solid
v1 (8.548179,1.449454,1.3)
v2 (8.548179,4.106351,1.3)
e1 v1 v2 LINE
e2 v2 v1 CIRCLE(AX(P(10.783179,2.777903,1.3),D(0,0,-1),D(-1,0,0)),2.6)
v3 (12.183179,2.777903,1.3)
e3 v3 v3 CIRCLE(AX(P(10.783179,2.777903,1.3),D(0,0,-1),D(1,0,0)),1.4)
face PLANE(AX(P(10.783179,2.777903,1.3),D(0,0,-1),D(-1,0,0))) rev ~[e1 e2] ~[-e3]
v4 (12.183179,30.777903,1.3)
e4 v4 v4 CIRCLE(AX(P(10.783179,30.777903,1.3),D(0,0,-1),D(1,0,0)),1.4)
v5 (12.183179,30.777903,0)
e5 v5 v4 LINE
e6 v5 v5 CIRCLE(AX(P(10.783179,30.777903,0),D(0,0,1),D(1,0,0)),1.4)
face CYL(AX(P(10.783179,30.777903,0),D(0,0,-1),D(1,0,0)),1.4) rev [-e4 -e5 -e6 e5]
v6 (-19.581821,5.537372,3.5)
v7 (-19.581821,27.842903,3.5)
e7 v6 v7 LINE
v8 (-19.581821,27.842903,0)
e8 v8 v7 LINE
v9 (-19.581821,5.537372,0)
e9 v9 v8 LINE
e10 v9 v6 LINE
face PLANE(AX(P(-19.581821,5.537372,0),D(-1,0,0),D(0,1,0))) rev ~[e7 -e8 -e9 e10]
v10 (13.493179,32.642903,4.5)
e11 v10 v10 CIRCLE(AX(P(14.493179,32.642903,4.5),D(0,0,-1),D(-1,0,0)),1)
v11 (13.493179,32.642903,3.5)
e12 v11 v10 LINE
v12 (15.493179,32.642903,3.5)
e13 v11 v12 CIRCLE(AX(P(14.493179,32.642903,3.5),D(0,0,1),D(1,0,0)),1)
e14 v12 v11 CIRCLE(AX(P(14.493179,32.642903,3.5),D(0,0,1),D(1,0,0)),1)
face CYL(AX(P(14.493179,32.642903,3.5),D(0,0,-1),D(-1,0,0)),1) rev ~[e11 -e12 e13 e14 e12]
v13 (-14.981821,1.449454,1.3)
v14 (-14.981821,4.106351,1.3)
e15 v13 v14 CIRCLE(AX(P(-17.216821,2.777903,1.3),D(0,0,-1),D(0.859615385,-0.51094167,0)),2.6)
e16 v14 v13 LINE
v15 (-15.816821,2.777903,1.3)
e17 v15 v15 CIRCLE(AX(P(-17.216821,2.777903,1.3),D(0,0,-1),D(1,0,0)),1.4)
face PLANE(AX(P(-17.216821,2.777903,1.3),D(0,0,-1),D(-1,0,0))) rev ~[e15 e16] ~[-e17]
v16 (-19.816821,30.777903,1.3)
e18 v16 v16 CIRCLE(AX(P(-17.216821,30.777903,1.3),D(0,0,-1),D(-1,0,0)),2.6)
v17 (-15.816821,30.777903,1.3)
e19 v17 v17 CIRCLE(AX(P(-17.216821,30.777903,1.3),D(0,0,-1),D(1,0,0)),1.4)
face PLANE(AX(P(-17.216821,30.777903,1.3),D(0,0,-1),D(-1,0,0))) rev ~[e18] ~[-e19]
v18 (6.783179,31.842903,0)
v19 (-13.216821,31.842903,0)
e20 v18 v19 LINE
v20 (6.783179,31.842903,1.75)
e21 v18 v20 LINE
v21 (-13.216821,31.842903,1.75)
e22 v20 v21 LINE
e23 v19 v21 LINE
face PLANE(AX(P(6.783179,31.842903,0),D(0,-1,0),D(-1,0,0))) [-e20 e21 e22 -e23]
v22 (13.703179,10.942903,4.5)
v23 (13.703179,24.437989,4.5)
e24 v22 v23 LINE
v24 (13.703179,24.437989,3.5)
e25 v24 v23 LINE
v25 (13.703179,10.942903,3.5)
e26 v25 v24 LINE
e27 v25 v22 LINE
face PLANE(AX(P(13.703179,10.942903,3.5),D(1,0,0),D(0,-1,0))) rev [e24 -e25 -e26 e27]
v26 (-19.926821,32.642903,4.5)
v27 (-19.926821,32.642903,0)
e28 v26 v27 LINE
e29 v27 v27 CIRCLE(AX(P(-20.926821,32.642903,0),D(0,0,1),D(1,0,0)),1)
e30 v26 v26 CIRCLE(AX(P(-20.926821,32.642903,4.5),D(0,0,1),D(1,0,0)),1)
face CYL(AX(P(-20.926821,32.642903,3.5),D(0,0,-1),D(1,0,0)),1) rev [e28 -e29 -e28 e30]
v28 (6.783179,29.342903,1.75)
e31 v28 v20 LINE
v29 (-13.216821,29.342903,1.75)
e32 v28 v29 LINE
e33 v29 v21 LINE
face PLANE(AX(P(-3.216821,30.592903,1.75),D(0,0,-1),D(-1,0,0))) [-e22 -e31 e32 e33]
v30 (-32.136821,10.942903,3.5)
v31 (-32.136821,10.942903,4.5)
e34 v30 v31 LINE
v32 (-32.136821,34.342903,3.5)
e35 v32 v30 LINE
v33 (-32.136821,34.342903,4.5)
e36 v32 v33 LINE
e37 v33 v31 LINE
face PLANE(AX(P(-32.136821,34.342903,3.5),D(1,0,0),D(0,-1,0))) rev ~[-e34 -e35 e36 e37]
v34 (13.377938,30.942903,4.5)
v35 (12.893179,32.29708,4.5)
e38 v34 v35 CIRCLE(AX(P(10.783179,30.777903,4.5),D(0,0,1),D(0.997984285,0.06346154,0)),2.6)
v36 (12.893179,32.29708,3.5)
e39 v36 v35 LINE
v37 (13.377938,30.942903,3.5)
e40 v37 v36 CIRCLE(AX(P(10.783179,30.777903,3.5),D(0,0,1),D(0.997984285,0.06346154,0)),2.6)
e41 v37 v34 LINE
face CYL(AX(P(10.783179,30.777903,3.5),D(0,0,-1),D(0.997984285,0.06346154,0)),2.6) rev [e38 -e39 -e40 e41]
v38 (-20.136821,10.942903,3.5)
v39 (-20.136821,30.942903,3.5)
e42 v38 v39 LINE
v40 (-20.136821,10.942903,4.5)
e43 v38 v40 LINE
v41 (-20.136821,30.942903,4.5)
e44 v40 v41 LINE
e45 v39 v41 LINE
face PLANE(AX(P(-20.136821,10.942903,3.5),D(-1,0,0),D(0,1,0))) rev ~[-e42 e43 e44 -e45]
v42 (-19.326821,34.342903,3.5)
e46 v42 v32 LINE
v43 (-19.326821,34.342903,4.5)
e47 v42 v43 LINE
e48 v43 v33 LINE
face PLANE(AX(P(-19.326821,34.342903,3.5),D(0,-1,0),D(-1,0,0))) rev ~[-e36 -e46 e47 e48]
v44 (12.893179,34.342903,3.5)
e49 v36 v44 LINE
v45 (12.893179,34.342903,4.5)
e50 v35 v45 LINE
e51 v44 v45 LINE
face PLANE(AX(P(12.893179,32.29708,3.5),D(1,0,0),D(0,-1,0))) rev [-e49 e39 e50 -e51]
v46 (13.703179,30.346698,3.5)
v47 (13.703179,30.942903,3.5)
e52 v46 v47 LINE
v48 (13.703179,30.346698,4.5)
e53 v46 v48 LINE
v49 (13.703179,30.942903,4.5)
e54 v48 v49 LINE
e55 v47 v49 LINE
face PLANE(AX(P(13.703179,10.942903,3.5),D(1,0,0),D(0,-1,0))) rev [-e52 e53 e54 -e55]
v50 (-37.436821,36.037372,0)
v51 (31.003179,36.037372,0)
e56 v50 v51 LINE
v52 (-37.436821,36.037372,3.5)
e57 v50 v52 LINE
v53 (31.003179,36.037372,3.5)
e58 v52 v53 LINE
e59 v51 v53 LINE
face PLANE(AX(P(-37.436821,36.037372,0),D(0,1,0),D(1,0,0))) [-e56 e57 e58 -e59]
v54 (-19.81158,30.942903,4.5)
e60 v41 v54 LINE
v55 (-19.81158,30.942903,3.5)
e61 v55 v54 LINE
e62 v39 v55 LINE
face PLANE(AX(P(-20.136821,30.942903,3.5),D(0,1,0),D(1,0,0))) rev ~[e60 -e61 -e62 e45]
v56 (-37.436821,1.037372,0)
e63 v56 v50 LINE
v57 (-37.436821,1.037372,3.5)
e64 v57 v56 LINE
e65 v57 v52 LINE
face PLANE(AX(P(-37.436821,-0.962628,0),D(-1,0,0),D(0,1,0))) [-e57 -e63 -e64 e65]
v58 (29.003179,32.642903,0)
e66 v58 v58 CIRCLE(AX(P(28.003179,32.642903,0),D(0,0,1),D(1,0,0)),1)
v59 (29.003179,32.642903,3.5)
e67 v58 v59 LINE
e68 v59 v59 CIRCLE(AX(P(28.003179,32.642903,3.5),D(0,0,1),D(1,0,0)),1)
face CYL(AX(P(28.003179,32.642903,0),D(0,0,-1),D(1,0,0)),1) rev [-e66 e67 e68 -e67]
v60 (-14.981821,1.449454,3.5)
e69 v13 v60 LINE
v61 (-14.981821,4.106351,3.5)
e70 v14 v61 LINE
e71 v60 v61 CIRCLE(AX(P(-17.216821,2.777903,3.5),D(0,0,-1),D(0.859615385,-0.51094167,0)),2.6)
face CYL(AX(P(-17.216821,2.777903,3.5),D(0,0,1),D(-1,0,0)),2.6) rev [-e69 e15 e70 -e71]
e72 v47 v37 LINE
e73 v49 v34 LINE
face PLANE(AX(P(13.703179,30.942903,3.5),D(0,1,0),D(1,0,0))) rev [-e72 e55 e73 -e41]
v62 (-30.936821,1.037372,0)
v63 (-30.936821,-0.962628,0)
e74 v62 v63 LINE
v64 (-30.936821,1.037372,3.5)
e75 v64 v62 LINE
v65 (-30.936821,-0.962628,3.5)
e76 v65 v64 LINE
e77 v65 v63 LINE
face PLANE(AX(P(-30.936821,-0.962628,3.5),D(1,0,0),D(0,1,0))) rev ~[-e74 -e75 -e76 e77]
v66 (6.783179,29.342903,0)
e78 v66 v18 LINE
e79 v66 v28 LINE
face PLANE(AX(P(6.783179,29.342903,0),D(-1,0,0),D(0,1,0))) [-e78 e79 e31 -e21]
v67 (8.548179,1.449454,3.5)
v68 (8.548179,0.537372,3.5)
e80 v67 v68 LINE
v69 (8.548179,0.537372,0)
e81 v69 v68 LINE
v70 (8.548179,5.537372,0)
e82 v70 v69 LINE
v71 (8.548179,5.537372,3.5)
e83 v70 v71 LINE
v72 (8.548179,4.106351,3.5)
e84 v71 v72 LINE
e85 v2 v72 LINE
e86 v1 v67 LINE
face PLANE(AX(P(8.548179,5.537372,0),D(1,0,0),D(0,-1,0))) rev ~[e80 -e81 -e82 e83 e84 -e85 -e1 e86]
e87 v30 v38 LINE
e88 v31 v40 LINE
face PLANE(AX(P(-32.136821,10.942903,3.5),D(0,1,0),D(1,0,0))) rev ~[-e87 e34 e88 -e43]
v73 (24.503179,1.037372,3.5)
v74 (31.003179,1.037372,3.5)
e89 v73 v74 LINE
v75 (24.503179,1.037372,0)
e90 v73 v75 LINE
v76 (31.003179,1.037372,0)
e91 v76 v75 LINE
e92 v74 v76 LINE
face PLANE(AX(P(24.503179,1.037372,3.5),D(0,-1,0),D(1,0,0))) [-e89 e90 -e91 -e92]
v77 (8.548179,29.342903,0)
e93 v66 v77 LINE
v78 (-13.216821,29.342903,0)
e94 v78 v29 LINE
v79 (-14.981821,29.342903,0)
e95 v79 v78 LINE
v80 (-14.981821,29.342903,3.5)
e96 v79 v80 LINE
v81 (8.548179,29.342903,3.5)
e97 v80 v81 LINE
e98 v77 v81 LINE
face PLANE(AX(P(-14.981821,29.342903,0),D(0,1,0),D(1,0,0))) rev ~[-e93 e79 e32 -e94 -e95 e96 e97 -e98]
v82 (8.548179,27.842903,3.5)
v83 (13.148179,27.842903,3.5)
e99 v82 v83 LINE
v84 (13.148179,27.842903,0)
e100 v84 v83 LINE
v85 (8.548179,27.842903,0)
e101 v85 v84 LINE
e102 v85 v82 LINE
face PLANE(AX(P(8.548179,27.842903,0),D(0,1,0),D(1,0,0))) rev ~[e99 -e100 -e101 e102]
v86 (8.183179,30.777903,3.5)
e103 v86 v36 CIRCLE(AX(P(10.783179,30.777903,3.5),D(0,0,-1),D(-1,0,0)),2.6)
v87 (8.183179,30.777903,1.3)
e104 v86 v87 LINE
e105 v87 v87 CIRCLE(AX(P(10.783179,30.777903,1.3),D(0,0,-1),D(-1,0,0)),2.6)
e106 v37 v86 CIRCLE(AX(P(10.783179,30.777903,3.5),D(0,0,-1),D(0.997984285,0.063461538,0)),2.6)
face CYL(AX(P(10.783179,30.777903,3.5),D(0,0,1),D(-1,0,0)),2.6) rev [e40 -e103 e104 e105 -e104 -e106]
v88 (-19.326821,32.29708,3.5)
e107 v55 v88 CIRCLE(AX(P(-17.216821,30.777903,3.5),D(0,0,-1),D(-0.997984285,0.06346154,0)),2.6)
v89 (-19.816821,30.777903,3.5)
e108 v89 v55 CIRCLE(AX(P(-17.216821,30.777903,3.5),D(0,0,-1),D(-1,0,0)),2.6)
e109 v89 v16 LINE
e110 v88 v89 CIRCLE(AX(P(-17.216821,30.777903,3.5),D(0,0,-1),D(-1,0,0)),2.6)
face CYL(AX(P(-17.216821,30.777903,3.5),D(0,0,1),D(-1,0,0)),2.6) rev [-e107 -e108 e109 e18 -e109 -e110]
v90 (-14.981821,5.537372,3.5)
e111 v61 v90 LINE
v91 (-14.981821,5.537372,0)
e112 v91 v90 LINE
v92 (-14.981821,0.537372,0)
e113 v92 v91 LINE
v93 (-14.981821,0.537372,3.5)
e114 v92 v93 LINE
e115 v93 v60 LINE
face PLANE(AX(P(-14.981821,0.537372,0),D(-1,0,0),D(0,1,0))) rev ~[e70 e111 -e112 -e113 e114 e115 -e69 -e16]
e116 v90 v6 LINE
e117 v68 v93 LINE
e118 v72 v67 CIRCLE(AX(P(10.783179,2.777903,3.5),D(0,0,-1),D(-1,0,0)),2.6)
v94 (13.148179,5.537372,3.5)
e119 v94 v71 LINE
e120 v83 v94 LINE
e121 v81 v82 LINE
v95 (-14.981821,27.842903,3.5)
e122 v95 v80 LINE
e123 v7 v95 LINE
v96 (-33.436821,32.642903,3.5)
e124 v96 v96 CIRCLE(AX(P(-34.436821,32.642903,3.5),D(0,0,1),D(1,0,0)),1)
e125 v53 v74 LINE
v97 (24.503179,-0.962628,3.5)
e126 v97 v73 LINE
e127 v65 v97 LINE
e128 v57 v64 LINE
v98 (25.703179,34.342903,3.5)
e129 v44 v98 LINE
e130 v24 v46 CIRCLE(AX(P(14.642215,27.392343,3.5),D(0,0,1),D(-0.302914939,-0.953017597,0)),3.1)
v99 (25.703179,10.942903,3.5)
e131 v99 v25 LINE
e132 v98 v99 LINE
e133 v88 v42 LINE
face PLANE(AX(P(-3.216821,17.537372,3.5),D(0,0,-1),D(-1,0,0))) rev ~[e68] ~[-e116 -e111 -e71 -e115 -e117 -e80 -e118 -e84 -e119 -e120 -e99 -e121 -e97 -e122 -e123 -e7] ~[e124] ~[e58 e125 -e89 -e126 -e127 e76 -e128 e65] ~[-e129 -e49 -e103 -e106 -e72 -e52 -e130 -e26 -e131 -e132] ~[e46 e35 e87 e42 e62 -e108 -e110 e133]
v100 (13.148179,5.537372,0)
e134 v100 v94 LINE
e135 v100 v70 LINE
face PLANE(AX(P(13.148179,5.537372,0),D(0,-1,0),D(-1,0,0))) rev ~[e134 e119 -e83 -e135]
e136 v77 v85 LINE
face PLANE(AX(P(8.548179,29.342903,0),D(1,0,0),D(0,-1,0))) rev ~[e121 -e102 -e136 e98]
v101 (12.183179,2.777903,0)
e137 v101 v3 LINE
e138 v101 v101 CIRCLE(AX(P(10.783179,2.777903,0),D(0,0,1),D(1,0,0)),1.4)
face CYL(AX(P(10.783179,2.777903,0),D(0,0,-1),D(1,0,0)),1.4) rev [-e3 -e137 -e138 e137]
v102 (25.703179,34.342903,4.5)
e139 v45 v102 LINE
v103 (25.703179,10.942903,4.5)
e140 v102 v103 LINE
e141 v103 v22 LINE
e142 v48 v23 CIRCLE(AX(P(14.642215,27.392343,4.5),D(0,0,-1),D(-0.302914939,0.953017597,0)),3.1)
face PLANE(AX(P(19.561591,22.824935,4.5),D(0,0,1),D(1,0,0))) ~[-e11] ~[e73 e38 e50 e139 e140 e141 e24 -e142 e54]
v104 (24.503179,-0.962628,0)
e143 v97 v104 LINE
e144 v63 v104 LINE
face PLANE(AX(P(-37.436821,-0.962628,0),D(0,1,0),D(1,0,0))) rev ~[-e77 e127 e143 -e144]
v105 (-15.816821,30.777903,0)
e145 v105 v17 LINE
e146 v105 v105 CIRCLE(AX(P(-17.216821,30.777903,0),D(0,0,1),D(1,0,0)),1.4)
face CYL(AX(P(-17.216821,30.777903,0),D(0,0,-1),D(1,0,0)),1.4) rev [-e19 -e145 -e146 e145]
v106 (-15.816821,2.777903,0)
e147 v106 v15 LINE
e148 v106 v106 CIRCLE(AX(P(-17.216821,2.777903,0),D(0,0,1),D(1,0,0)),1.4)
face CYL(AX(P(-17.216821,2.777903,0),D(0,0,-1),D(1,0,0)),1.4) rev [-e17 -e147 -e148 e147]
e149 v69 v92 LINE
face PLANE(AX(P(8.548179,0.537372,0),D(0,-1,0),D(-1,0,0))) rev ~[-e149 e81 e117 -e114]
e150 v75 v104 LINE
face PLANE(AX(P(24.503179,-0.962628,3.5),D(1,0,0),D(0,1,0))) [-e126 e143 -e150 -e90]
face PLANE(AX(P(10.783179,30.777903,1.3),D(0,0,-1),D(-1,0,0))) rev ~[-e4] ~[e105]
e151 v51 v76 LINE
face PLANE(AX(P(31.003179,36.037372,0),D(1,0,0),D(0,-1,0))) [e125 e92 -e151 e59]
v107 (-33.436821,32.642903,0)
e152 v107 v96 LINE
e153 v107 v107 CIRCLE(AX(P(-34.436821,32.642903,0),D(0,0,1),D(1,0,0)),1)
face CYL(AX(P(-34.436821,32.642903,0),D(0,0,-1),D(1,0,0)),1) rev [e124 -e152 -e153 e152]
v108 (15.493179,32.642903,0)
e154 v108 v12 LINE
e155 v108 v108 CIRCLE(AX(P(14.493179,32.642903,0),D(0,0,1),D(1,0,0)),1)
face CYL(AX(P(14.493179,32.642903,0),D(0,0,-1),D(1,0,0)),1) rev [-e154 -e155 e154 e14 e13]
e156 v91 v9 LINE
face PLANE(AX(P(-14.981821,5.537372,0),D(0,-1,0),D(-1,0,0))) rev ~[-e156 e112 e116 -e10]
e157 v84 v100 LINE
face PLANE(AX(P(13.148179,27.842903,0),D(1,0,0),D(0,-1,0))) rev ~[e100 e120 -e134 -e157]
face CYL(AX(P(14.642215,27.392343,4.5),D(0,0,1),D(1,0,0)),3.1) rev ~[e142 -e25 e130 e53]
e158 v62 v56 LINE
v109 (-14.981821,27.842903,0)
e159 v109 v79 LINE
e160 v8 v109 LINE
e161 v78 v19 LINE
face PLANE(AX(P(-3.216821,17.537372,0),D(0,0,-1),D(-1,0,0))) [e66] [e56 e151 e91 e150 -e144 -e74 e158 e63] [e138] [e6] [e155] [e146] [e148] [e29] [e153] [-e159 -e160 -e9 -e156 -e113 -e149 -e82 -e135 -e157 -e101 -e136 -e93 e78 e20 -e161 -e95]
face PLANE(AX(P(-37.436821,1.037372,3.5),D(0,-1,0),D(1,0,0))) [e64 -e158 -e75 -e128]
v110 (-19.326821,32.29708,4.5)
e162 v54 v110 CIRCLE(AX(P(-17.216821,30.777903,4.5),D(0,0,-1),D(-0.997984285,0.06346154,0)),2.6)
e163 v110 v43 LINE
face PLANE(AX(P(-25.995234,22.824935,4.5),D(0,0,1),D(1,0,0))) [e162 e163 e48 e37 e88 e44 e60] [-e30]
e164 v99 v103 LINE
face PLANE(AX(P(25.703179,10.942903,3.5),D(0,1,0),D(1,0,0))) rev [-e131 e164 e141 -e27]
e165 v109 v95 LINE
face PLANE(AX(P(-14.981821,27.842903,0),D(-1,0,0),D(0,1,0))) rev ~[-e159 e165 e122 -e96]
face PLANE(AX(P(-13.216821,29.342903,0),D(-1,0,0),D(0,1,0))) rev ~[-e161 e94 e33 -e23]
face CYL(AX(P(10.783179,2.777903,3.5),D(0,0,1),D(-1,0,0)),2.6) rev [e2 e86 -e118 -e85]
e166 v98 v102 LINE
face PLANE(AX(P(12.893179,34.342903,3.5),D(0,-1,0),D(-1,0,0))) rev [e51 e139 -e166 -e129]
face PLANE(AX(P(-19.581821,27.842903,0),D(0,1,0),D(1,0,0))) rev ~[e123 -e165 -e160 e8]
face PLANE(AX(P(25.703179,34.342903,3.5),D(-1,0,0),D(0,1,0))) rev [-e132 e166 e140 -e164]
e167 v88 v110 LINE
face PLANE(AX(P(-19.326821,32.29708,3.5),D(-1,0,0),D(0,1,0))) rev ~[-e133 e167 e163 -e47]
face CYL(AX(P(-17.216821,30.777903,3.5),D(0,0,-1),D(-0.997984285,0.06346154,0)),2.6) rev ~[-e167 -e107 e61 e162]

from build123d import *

# Parameters (mm, degrees)
SKETCH3_R           = 1.4
SKETCH3_R_2         = 1
BOSS_EXTRUDE1_DEPTH = 3.5
SKETCH9_R           = 2.6
CUT_EXTRUDE1_DEPTH  = 2.2
SKETCH10_W          = 20
SKETCH10_H          = 2.5
CUT_EXTRUDE2_DEPTH  = 1.75
SKETCH11_R          = 1
BOSS_EXTRUDE2_DEPTH = 1
SKETCH14_R          = 3.1
CUT_EXTRUDE3_DEPTH  = 1
SKETCH15_W          = 6.5
SKETCH15_H          = 2
CUT_EXTRUDE4_DEPTH  = 53.08126138


with BuildPart() as part:
    # Sketch3 → Boss-Extrude1 (new body)
    with BuildSketch(Plane.XY):
        Polygon((-37.436821352, -0.962627815), (-37.436821352, 36.037372185), (31.003178648, 36.037372185), (31.003178648, -0.962627815), (7.298178648, -0.962627815), (-14.831821352, -0.962627815), align=None)
        with Locations((-17.216821352, 30.777902568)):
            Circle(SKETCH3_R, mode=Mode.SUBTRACT)
        with Locations((-34.436821352, 32.642902568)):
            Circle(SKETCH3_R_2, mode=Mode.SUBTRACT)
        with Locations((-20.926821352, 32.642902568)):
            Circle(SKETCH3_R_2, mode=Mode.SUBTRACT)
        with Locations((14.493178648, 32.642902568)):
            Circle(SKETCH3_R_2, mode=Mode.SUBTRACT)
        with Locations((28.003178648, 32.642902568)):
            Circle(SKETCH3_R_2, mode=Mode.SUBTRACT)
        with Locations((-17.216821352, 2.777902568)):
            Circle(SKETCH3_R, mode=Mode.SUBTRACT)
        with Locations((10.783178648, 30.777902568)):
            Circle(SKETCH3_R, mode=Mode.SUBTRACT)
        with Locations((10.783178648, 2.777902568)):
            Circle(SKETCH3_R, mode=Mode.SUBTRACT)
        Polygon((-14.981821352, 0.537372185), (-14.981821352, 5.537372185), (-19.581821352, 5.537372185), (-19.581821352, 27.842902568), (-14.981821352, 27.842902568), (-14.981821352, 29.342902568), (8.548178648, 29.342902568), (8.548178648, 27.842902568), (13.148178648, 27.842902568), (13.148178648, 5.537372185), (8.548178648, 5.537372185), (8.548178648, 0.537372185), align=None, mode=Mode.SUBTRACT)
    extrude(amount=BOSS_EXTRUDE1_DEPTH)

    # Sketch9 → Cut-Extrude1 (cut)
    with BuildSketch(Plane(origin=(0, 0, 3.5), x_dir=(-1, 0, 0), z_dir=(0, 0, -1))):
        with Locations((-10.783178648, 30.777902568)):
            Circle(SKETCH9_R)
        with Locations((17.216821352, 30.777902568)):
            Circle(SKETCH9_R)
        with Locations((-10.783178648, 2.777902568)):
            Circle(SKETCH9_R)
        with Locations((17.216821352, 2.777902568)):
            Circle(SKETCH9_R)
    extrude(amount=CUT_EXTRUDE1_DEPTH, mode=Mode.SUBTRACT)

    # Sketch10 → Cut-Extrude2 (cut)
    with BuildSketch(Plane(origin=(0, 0, 0), x_dir=(-1, 0, 0), z_dir=(0, 0, -1))):
        with Locations((3.216821352, 30.592902568)):
            Rectangle(SKETCH10_W, SKETCH10_H)
    extrude(amount=-CUT_EXTRUDE2_DEPTH, mode=Mode.SUBTRACT)

    # Sketch11 → Boss-Extrude2 (add)
    with BuildSketch(Plane.XY.offset(3.5)):
        with BuildLine():
            Line((-32.136821352, 30.942902568), (-32.136821352, 10.942902568))
            Line((-32.136821352, 10.942902568), (-20.136821352, 10.942902568))
            Line((-20.136821352, 10.942902568), (-20.136821352, 30.942902568))
            Line((-20.136821352, 30.942902568), (-19.811580493, 30.942902568))
            ThreePointArc((-19.811580493, 30.942902568), (-19.664705899, 31.654179489), (-19.326821352, 32.297079977))
            Line((-19.326821352, 32.297079977), (-19.326821352, 34.342902568))
            Line((-19.326821352, 34.342902568), (-32.136821352, 34.342902568))
            Line((-32.136821352, 34.342902568), (-32.136821352, 30.942902568))
        make_face()
        with Locations((-20.926821352, 32.642902568)):
            Circle(SKETCH11_R, mode=Mode.SUBTRACT)
    boss_extrude2 = extrude(amount=BOSS_EXTRUDE2_DEPTH)

    # Mirror1: Boss-Extrude2 across plane
    add(boss_extrude2.mirror(Plane.ZY.offset(3.216821352)))

    # Sketch14 → Cut-Extrude3 (cut)
    with BuildSketch(Plane.XY.offset(4.5)):
        with Locations((14.642214959, 27.392343087)):
            Circle(SKETCH14_R)
    extrude(amount=-CUT_EXTRUDE3_DEPTH, mode=Mode.SUBTRACT)

    # Sketch15 → Cut-Extrude4 (cut, through all)
    with BuildSketch(Plane.XY.offset(3.5)):
        with Locations((-34.186821352, 0.037372185)):
            Rectangle(SKETCH15_W, SKETCH15_H)
        with Locations((27.753178648, 0.037372185)):
            Rectangle(SKETCH15_W, SKETCH15_H)
    extrude(amount=-CUT_EXTRUDE4_DEPTH, mode=Mode.SUBTRACT)


solid = part.part
